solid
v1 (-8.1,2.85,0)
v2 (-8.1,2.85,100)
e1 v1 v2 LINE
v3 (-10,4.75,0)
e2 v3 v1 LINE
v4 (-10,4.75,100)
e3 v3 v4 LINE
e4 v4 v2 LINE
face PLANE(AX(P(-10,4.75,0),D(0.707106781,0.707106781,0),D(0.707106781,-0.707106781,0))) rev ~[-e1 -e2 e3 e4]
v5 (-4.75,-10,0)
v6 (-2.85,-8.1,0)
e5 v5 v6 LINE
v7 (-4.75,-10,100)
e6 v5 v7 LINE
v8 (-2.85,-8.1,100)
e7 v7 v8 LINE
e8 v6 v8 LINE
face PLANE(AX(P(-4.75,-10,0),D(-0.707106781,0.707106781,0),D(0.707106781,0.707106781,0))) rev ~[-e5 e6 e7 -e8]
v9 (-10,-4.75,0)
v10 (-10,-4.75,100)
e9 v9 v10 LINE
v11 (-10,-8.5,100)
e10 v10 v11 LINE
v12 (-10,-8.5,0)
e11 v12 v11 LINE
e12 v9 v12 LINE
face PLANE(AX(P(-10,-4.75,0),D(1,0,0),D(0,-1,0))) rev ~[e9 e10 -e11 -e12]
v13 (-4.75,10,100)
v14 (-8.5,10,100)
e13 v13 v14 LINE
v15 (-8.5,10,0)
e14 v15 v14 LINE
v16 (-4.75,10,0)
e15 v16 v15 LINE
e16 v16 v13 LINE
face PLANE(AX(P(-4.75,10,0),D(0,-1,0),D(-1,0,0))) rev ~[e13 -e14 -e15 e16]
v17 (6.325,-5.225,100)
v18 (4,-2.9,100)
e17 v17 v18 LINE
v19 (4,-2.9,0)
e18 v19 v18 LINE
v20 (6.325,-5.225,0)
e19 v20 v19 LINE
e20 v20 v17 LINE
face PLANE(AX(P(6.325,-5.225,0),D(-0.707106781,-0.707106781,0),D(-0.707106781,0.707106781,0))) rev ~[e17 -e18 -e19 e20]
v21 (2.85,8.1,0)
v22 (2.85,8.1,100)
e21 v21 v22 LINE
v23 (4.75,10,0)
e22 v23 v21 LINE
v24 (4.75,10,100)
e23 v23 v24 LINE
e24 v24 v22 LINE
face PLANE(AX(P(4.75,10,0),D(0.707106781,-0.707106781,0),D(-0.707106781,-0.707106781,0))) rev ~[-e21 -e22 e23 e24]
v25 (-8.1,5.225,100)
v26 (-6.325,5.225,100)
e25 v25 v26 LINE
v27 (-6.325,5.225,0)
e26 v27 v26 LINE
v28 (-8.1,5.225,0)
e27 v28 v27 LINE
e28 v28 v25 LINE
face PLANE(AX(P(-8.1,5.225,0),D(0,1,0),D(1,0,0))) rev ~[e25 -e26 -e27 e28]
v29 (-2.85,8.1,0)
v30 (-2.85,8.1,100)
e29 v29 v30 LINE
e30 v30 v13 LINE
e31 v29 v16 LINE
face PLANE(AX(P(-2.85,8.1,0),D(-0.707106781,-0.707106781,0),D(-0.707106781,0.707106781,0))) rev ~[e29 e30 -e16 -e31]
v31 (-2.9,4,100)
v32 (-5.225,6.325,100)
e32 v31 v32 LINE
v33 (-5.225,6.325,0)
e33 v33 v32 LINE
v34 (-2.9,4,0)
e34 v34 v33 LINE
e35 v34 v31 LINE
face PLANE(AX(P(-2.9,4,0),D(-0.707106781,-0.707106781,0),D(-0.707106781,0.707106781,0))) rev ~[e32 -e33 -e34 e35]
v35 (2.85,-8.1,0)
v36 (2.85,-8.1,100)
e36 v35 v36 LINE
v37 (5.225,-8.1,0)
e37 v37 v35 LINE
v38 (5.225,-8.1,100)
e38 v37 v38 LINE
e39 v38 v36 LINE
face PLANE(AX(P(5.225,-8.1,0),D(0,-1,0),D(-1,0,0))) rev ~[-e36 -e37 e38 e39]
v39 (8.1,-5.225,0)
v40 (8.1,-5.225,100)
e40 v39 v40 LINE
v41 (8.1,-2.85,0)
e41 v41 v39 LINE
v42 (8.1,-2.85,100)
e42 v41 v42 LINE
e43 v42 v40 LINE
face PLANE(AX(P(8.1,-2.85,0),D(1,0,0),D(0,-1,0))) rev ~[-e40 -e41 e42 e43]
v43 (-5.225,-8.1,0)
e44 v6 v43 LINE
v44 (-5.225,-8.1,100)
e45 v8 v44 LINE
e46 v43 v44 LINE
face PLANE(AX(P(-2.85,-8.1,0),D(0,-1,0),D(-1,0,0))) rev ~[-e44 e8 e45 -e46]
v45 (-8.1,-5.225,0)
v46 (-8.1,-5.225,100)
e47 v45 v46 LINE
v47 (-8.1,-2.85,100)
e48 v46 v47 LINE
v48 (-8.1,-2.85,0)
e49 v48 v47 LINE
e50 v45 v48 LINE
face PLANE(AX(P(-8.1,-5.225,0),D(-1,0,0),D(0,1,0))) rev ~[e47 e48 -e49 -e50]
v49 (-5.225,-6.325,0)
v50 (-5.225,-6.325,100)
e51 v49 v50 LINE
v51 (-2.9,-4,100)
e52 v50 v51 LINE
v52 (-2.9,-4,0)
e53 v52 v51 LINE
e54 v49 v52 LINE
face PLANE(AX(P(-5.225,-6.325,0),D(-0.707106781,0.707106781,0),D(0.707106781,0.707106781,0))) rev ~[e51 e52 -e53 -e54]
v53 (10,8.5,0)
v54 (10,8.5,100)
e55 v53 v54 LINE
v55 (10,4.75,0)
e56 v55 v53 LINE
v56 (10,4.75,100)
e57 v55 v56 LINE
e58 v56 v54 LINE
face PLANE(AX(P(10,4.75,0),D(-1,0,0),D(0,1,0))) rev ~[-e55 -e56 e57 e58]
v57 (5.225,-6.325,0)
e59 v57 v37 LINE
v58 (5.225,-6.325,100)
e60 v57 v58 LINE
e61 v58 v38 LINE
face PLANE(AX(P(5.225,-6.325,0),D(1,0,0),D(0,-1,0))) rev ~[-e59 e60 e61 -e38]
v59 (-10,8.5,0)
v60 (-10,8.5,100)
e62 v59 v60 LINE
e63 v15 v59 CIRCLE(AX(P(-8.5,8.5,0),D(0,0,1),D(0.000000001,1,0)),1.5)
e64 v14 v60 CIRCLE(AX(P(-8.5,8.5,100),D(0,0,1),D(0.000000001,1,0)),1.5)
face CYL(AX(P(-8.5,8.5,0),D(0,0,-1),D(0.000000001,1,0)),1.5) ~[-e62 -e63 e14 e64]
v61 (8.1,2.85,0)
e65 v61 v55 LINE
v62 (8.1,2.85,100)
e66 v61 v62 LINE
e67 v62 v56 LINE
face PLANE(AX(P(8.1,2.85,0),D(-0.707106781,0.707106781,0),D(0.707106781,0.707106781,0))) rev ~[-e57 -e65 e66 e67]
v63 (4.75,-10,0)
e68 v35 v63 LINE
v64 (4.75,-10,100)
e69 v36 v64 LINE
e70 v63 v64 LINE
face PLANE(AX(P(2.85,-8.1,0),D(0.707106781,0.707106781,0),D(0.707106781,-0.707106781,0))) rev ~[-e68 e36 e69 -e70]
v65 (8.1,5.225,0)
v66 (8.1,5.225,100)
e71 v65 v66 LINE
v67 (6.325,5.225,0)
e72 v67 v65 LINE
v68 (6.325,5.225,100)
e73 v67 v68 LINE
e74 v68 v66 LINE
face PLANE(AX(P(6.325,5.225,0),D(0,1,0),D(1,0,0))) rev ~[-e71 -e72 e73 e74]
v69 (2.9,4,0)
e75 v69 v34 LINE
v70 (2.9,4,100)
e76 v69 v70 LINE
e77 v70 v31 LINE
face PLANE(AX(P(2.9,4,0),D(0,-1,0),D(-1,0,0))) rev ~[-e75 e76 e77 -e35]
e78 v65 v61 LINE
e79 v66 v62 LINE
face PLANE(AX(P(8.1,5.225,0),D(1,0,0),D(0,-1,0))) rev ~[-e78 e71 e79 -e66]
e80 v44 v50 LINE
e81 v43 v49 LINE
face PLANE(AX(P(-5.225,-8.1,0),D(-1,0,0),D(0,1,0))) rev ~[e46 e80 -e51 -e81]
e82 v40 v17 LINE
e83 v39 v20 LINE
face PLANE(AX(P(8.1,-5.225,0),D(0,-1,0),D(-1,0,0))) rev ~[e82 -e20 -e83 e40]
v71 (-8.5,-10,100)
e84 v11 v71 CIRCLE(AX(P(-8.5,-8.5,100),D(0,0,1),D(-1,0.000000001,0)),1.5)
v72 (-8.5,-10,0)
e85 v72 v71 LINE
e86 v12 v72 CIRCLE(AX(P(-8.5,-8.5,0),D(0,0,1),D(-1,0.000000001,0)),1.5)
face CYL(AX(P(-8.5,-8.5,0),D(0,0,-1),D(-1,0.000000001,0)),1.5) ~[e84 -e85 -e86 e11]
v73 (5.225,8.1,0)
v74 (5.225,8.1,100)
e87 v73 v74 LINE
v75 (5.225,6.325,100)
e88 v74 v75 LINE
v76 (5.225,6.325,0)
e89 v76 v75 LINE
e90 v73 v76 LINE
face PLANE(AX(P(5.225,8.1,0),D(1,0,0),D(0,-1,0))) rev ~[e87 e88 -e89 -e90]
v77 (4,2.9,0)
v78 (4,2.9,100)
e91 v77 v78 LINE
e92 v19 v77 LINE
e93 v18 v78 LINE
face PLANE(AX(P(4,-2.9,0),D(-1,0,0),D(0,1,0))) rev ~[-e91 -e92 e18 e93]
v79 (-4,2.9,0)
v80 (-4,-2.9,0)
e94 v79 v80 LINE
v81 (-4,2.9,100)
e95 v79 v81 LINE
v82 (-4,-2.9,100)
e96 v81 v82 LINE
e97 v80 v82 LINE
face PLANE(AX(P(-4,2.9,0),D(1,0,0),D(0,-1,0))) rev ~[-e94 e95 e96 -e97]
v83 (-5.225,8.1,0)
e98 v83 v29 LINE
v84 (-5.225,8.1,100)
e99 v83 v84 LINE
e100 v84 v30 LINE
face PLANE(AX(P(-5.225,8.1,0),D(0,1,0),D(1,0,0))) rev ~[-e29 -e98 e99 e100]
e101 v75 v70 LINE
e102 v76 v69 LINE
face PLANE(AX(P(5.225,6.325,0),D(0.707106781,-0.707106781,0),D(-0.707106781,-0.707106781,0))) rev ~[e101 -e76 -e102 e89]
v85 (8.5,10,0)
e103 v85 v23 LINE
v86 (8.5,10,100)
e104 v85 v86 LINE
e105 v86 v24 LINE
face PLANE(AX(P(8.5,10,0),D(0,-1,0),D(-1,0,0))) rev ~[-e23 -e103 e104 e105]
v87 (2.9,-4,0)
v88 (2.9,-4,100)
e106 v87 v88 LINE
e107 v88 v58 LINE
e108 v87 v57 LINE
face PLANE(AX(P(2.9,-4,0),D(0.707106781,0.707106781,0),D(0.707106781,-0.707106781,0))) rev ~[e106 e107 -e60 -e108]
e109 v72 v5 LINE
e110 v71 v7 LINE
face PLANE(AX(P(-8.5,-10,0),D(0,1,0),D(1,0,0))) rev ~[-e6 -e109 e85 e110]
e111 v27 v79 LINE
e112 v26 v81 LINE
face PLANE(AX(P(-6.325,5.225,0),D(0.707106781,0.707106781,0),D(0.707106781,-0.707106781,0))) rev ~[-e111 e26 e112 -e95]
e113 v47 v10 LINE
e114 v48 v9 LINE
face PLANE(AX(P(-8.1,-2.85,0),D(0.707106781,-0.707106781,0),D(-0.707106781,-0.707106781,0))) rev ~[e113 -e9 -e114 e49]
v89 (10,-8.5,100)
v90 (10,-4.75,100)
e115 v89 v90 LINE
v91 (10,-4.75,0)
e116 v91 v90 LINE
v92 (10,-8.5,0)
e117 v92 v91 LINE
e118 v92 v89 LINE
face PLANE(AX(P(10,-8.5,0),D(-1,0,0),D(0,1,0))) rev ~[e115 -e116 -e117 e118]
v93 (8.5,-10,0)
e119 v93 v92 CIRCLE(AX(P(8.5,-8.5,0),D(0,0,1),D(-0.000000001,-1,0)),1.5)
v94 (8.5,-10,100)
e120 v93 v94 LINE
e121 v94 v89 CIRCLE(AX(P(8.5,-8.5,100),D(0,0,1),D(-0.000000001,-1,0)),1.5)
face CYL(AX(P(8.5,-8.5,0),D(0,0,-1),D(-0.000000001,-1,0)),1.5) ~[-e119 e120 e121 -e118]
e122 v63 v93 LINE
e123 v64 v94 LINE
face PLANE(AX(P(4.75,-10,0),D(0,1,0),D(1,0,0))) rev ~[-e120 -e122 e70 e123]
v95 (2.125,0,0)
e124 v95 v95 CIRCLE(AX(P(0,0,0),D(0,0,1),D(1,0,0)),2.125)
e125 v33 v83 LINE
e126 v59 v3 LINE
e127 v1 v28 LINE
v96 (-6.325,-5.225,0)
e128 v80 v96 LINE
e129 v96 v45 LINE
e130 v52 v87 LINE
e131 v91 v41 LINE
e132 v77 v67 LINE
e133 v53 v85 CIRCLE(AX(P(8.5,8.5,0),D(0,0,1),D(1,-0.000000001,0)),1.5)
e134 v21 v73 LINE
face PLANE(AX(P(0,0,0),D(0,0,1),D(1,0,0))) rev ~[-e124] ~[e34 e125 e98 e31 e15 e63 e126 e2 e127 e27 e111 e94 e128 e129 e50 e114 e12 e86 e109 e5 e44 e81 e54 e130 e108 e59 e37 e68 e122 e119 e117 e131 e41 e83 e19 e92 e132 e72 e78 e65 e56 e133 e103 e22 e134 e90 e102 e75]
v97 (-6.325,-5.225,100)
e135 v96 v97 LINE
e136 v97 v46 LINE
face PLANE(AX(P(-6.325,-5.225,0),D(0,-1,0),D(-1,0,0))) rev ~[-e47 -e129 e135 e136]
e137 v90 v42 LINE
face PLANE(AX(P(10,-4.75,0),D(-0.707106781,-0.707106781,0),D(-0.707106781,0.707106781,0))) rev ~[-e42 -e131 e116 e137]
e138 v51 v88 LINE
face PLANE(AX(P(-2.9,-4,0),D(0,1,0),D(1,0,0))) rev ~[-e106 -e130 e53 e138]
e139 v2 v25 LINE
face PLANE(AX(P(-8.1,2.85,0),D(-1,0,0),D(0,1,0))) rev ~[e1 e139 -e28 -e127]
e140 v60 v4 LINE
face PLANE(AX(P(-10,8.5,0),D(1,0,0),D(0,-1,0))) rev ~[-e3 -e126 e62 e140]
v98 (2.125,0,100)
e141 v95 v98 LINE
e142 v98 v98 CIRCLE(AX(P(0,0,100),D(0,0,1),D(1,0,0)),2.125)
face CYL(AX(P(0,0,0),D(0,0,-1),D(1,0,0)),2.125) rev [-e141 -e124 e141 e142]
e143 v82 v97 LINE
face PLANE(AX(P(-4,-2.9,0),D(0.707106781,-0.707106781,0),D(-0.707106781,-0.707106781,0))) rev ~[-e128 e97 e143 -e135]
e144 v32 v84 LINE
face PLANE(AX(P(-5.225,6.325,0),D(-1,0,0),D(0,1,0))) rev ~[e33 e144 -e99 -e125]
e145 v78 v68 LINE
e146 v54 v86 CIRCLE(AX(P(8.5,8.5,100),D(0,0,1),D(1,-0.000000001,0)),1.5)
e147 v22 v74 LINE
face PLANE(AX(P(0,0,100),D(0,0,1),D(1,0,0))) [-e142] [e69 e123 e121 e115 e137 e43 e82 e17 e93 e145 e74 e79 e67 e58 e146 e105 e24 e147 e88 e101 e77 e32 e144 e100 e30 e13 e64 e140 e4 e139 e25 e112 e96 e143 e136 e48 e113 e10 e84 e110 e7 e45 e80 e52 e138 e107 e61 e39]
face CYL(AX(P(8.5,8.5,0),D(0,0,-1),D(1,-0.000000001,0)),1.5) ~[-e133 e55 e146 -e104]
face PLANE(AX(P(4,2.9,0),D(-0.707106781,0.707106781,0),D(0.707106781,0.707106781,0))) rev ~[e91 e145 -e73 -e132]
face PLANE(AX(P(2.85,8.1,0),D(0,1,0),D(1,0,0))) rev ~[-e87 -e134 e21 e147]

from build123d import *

# Parameters (mm, degrees)
SKETCH1_R           = 2.125
BOSS_EXTRUDE1_DEPTH = 100


with BuildPart() as part:
    # Sketch1 → Boss-Extrude1 (new body)
    with BuildSketch(Plane.XY):
        with BuildLine():
            Line((8.1, 5.225), (8.1, 2.85))
            Line((8.1, 2.85), (10, 4.75))
            Line((10, 4.75), (10, 8.5))
            ThreePointArc((10, 8.5), (9.560660172, 9.560660172), (8.5, 10))
            Line((8.5, 10), (4.75, 10))
            Line((4.75, 10), (2.85, 8.1))
            Line((2.85, 8.1), (5.225, 8.1))
            Line((5.225, 8.1), (5.225, 6.325))
            Line((5.225, 6.325), (2.9, 4))
            Line((2.9, 4), (-2.9, 4))
            Line((-2.9, 4), (-5.225, 6.325))
            Line((-5.225, 6.325), (-5.225, 8.1))
            Line((-5.225, 8.1), (-2.85, 8.1))
            Line((-2.85, 8.1), (-4.75, 10))
            Line((-4.75, 10), (-8.5, 10))
            ThreePointArc((-8.5, 10), (-9.560660172, 9.560660172), (-10, 8.5))
            Line((-10, 8.5), (-10, 4.75))
            Line((-10, 4.75), (-8.1, 2.85))
            Line((-8.1, 2.85), (-8.1, 5.225))
            Line((-8.1, 5.225), (-6.325, 5.225))
            Line((-6.325, 5.225), (-4, 2.9))
            Line((-4, 2.9), (-4, -2.9))
            Line((-4, -2.9), (-6.325, -5.225))
            Line((-6.325, -5.225), (-8.1, -5.225))
            Line((-8.1, -5.225), (-8.1, -2.85))
            Line((-8.1, -2.85), (-10, -4.75))
            Line((-10, -4.75), (-10, -8.5))
            ThreePointArc((-10, -8.5), (-9.560660172, -9.560660172), (-8.5, -10))
            Line((-8.5, -10), (-4.75, -10))
            Line((-4.75, -10), (-2.85, -8.1))
            Line((-2.85, -8.1), (-5.225, -8.1))
            Line((-5.225, -8.1), (-5.225, -6.325))
            Line((-5.225, -6.325), (-2.9, -4))
            Line((-2.9, -4), (2.9, -4))
            Line((2.9, -4), (5.225, -6.325))
            Line((5.225, -6.325), (5.225, -8.1))
            Line((5.225, -8.1), (2.85, -8.1))
            Line((2.85, -8.1), (4.75, -10))
            Line((4.75, -10), (8.5, -10))
            ThreePointArc((8.5, -10), (9.560660172, -9.560660172), (10, -8.5))
            Line((10, -8.5), (10, -4.75))
            Line((10, -4.75), (8.1, -2.85))
            Line((8.1, -2.85), (8.1, -5.225))
            Line((8.1, -5.225), (6.325, -5.225))
            Line((6.325, -5.225), (4, -2.9))
            Line((4, -2.9), (4, 2.9))
            Line((4, 2.9), (6.325, 5.225))
            Line((6.325, 5.225), (8.1, 5.225))
        make_face()
        Circle(SKETCH1_R, mode=Mode.SUBTRACT)
    extrude(amount=BOSS_EXTRUDE1_DEPTH)


solid = part.part
